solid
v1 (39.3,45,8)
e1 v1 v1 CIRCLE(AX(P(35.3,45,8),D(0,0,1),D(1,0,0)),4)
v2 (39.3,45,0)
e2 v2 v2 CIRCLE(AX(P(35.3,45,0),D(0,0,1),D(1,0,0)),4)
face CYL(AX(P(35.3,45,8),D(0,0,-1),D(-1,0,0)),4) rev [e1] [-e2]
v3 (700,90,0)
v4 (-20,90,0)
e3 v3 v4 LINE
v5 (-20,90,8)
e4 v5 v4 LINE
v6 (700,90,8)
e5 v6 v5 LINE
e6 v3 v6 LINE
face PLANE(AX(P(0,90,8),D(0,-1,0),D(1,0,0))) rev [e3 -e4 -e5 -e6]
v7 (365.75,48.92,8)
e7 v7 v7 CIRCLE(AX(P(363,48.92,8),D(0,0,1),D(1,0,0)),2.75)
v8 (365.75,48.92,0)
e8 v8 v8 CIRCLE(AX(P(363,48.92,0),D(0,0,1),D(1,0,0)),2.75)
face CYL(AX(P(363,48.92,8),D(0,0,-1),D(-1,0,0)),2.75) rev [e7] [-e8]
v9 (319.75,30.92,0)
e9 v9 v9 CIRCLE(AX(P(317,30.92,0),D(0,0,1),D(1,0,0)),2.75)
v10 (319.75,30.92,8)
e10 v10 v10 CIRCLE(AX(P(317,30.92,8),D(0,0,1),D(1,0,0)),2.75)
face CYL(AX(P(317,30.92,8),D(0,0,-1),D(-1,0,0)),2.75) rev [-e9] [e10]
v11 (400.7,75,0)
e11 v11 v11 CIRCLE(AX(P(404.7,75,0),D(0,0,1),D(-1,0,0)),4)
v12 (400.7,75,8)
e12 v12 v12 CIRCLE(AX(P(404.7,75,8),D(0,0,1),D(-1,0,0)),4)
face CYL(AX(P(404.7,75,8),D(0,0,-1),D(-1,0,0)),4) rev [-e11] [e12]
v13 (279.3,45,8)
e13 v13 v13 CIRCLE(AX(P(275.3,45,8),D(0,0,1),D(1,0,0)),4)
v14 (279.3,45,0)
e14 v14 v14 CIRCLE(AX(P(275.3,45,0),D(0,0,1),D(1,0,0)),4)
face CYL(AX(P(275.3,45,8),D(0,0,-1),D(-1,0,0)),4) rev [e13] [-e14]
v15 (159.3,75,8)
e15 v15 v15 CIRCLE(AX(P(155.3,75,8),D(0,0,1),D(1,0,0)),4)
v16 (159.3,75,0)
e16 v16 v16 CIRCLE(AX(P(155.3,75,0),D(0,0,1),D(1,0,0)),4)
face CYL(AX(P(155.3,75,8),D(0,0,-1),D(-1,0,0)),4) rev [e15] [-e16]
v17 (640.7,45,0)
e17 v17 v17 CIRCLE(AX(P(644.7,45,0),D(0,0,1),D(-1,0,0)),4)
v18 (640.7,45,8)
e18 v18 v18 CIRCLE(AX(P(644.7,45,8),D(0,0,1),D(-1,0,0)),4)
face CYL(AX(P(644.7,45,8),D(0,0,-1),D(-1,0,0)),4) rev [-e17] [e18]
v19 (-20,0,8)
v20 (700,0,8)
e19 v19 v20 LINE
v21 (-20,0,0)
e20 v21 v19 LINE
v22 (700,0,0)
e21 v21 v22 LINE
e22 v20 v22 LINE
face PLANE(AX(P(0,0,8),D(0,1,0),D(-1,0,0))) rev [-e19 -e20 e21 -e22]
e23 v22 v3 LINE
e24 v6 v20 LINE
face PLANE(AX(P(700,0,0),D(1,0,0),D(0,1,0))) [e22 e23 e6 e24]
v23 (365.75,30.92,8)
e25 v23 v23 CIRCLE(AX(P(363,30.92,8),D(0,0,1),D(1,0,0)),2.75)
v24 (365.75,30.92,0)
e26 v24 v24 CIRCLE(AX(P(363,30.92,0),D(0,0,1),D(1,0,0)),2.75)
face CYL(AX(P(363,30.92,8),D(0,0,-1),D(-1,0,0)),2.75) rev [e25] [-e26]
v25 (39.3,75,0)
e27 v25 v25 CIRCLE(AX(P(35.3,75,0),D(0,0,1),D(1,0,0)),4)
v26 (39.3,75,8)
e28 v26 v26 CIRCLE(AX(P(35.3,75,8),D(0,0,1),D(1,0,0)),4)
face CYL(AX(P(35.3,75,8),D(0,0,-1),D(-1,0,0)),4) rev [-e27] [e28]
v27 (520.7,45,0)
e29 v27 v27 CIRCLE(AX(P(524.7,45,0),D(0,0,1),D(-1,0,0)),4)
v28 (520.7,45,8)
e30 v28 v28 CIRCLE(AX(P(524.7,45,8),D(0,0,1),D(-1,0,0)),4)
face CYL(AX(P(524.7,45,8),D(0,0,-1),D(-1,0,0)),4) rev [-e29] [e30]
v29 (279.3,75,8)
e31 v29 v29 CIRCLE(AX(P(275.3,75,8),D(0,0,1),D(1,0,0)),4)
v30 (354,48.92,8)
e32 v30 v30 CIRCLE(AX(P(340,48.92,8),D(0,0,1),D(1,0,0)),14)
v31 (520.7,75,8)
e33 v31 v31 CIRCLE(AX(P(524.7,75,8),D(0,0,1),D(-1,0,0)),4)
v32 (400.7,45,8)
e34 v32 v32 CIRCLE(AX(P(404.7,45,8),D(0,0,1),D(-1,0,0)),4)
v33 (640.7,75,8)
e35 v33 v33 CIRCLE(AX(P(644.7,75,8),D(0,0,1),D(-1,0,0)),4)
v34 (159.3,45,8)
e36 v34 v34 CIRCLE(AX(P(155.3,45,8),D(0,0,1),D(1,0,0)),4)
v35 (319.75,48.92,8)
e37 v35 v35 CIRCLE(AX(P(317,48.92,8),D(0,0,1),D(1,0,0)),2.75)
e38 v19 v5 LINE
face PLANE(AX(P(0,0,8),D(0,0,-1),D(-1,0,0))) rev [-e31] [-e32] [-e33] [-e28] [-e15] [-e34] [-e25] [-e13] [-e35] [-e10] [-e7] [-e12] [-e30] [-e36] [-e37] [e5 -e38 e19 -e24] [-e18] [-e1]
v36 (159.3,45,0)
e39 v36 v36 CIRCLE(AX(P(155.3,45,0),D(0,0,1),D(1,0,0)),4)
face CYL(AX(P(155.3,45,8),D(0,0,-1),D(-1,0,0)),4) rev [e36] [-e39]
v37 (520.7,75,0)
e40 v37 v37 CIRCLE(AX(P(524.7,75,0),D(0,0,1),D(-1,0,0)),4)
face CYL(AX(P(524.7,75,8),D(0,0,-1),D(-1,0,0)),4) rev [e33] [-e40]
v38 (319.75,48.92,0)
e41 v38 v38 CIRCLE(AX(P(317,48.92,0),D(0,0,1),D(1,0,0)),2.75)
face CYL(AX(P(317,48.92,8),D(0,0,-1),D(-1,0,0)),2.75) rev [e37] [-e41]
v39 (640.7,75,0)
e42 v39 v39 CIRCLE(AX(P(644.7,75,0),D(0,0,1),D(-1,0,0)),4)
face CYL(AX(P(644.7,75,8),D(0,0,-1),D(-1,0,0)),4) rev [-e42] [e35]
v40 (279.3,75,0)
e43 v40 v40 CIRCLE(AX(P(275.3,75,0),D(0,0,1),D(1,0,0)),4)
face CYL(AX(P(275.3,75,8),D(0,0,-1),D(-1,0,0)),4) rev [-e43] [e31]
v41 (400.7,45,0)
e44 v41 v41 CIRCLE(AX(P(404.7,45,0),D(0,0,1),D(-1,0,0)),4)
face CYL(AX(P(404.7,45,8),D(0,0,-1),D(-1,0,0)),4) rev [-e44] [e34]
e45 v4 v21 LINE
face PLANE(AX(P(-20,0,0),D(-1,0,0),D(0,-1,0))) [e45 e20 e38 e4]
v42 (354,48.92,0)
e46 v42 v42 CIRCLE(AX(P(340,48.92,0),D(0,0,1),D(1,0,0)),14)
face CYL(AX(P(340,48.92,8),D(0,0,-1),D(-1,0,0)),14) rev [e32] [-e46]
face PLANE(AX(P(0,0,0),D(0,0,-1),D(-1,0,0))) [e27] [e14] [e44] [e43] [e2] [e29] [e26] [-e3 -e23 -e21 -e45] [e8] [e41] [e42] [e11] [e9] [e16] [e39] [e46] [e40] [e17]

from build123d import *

# Parameters (mm, degrees)
ESQUISSE1_W        = 680
ESQUISSE1_H        = 90
ESQUISSE1_R        = 2.75
ESQUISSE1_R_2      = 14
ESQUISSE1_R_3      = 4
BOSS_EXTRU_1_DEPTH = 8
ESQUISSE2_W        = 8
ESQUISSE2_H        = 90
BOSS_EXTRU_2_DEPTH = 20
ESQUISSE3_W        = 8
ESQUISSE3_H        = 90
BOSS_EXTRU_3_DEPTH = 20


with BuildPart() as part:
    # Esquisse1 → Boss.-Extru.1 (new body)
    with BuildSketch(Plane.XY):
        with Locations((340, 45)):
            Rectangle(ESQUISSE1_W, ESQUISSE1_H)
        with Locations((317, 48.92)):
            Circle(ESQUISSE1_R, mode=Mode.SUBTRACT)
        with Locations((363, 48.92)):
            Circle(ESQUISSE1_R, mode=Mode.SUBTRACT)
        with Locations((363, 30.92)):
            Circle(ESQUISSE1_R, mode=Mode.SUBTRACT)
        with Locations((317, 30.92)):
            Circle(ESQUISSE1_R, mode=Mode.SUBTRACT)
        with Locations((340, 48.92)):
            Circle(ESQUISSE1_R_2, mode=Mode.SUBTRACT)
        with Locations((35.3, 75)):
            Circle(ESQUISSE1_R_3, mode=Mode.SUBTRACT)
        with Locations((35.3, 45)):
            Circle(ESQUISSE1_R_3, mode=Mode.SUBTRACT)
        with Locations(Location((644.7, 45, 0), (0, 0, 180))):
            Circle(ESQUISSE1_R_3, mode=Mode.SUBTRACT)
        with Locations(Location((644.7, 75, 0), (0, 0, 180))):
            Circle(ESQUISSE1_R_3, mode=Mode.SUBTRACT)
        with Locations((155.3, 75)):
            Circle(ESQUISSE1_R_3, mode=Mode.SUBTRACT)
        with Locations((155.3, 45)):
            Circle(ESQUISSE1_R_3, mode=Mode.SUBTRACT)
        with Locations((275.3, 75)):
            Circle(ESQUISSE1_R_3, mode=Mode.SUBTRACT)
        with Locations((275.3, 45)):
            Circle(ESQUISSE1_R_3, mode=Mode.SUBTRACT)
        with Locations(Location((404.7, 45, 0), (0, 0, 180))):
            Circle(ESQUISSE1_R_3, mode=Mode.SUBTRACT)
        with Locations(Location((404.7, 75, 0), (0, 0, 180))):
            Circle(ESQUISSE1_R_3, mode=Mode.SUBTRACT)
        with Locations(Location((524.7, 45, 0), (0, 0, 180))):
            Circle(ESQUISSE1_R_3, mode=Mode.SUBTRACT)
        with Locations(Location((524.7, 75, 0), (0, 0, 180))):
            Circle(ESQUISSE1_R_3, mode=Mode.SUBTRACT)
    extrude(amount=BOSS_EXTRU_1_DEPTH)

    # Esquisse2 → Boss.-Extru.2 (add)
    with BuildSketch(Plane.ZY):
        with Locations((4, 45)):
            Rectangle(ESQUISSE2_W, ESQUISSE2_H)
    extrude(amount=BOSS_EXTRU_2_DEPTH)

    # Esquisse3 → Boss.-Extru.3 (add)
    with BuildSketch(Plane(origin=(680, 0, 0), x_dir=(0, 0, -1), z_dir=(1, 0, 0))):
        with Locations((-4, 45)):
            Rectangle(ESQUISSE3_W, ESQUISSE3_H)
    extrude(amount=BOSS_EXTRU_3_DEPTH)


solid = part.part
